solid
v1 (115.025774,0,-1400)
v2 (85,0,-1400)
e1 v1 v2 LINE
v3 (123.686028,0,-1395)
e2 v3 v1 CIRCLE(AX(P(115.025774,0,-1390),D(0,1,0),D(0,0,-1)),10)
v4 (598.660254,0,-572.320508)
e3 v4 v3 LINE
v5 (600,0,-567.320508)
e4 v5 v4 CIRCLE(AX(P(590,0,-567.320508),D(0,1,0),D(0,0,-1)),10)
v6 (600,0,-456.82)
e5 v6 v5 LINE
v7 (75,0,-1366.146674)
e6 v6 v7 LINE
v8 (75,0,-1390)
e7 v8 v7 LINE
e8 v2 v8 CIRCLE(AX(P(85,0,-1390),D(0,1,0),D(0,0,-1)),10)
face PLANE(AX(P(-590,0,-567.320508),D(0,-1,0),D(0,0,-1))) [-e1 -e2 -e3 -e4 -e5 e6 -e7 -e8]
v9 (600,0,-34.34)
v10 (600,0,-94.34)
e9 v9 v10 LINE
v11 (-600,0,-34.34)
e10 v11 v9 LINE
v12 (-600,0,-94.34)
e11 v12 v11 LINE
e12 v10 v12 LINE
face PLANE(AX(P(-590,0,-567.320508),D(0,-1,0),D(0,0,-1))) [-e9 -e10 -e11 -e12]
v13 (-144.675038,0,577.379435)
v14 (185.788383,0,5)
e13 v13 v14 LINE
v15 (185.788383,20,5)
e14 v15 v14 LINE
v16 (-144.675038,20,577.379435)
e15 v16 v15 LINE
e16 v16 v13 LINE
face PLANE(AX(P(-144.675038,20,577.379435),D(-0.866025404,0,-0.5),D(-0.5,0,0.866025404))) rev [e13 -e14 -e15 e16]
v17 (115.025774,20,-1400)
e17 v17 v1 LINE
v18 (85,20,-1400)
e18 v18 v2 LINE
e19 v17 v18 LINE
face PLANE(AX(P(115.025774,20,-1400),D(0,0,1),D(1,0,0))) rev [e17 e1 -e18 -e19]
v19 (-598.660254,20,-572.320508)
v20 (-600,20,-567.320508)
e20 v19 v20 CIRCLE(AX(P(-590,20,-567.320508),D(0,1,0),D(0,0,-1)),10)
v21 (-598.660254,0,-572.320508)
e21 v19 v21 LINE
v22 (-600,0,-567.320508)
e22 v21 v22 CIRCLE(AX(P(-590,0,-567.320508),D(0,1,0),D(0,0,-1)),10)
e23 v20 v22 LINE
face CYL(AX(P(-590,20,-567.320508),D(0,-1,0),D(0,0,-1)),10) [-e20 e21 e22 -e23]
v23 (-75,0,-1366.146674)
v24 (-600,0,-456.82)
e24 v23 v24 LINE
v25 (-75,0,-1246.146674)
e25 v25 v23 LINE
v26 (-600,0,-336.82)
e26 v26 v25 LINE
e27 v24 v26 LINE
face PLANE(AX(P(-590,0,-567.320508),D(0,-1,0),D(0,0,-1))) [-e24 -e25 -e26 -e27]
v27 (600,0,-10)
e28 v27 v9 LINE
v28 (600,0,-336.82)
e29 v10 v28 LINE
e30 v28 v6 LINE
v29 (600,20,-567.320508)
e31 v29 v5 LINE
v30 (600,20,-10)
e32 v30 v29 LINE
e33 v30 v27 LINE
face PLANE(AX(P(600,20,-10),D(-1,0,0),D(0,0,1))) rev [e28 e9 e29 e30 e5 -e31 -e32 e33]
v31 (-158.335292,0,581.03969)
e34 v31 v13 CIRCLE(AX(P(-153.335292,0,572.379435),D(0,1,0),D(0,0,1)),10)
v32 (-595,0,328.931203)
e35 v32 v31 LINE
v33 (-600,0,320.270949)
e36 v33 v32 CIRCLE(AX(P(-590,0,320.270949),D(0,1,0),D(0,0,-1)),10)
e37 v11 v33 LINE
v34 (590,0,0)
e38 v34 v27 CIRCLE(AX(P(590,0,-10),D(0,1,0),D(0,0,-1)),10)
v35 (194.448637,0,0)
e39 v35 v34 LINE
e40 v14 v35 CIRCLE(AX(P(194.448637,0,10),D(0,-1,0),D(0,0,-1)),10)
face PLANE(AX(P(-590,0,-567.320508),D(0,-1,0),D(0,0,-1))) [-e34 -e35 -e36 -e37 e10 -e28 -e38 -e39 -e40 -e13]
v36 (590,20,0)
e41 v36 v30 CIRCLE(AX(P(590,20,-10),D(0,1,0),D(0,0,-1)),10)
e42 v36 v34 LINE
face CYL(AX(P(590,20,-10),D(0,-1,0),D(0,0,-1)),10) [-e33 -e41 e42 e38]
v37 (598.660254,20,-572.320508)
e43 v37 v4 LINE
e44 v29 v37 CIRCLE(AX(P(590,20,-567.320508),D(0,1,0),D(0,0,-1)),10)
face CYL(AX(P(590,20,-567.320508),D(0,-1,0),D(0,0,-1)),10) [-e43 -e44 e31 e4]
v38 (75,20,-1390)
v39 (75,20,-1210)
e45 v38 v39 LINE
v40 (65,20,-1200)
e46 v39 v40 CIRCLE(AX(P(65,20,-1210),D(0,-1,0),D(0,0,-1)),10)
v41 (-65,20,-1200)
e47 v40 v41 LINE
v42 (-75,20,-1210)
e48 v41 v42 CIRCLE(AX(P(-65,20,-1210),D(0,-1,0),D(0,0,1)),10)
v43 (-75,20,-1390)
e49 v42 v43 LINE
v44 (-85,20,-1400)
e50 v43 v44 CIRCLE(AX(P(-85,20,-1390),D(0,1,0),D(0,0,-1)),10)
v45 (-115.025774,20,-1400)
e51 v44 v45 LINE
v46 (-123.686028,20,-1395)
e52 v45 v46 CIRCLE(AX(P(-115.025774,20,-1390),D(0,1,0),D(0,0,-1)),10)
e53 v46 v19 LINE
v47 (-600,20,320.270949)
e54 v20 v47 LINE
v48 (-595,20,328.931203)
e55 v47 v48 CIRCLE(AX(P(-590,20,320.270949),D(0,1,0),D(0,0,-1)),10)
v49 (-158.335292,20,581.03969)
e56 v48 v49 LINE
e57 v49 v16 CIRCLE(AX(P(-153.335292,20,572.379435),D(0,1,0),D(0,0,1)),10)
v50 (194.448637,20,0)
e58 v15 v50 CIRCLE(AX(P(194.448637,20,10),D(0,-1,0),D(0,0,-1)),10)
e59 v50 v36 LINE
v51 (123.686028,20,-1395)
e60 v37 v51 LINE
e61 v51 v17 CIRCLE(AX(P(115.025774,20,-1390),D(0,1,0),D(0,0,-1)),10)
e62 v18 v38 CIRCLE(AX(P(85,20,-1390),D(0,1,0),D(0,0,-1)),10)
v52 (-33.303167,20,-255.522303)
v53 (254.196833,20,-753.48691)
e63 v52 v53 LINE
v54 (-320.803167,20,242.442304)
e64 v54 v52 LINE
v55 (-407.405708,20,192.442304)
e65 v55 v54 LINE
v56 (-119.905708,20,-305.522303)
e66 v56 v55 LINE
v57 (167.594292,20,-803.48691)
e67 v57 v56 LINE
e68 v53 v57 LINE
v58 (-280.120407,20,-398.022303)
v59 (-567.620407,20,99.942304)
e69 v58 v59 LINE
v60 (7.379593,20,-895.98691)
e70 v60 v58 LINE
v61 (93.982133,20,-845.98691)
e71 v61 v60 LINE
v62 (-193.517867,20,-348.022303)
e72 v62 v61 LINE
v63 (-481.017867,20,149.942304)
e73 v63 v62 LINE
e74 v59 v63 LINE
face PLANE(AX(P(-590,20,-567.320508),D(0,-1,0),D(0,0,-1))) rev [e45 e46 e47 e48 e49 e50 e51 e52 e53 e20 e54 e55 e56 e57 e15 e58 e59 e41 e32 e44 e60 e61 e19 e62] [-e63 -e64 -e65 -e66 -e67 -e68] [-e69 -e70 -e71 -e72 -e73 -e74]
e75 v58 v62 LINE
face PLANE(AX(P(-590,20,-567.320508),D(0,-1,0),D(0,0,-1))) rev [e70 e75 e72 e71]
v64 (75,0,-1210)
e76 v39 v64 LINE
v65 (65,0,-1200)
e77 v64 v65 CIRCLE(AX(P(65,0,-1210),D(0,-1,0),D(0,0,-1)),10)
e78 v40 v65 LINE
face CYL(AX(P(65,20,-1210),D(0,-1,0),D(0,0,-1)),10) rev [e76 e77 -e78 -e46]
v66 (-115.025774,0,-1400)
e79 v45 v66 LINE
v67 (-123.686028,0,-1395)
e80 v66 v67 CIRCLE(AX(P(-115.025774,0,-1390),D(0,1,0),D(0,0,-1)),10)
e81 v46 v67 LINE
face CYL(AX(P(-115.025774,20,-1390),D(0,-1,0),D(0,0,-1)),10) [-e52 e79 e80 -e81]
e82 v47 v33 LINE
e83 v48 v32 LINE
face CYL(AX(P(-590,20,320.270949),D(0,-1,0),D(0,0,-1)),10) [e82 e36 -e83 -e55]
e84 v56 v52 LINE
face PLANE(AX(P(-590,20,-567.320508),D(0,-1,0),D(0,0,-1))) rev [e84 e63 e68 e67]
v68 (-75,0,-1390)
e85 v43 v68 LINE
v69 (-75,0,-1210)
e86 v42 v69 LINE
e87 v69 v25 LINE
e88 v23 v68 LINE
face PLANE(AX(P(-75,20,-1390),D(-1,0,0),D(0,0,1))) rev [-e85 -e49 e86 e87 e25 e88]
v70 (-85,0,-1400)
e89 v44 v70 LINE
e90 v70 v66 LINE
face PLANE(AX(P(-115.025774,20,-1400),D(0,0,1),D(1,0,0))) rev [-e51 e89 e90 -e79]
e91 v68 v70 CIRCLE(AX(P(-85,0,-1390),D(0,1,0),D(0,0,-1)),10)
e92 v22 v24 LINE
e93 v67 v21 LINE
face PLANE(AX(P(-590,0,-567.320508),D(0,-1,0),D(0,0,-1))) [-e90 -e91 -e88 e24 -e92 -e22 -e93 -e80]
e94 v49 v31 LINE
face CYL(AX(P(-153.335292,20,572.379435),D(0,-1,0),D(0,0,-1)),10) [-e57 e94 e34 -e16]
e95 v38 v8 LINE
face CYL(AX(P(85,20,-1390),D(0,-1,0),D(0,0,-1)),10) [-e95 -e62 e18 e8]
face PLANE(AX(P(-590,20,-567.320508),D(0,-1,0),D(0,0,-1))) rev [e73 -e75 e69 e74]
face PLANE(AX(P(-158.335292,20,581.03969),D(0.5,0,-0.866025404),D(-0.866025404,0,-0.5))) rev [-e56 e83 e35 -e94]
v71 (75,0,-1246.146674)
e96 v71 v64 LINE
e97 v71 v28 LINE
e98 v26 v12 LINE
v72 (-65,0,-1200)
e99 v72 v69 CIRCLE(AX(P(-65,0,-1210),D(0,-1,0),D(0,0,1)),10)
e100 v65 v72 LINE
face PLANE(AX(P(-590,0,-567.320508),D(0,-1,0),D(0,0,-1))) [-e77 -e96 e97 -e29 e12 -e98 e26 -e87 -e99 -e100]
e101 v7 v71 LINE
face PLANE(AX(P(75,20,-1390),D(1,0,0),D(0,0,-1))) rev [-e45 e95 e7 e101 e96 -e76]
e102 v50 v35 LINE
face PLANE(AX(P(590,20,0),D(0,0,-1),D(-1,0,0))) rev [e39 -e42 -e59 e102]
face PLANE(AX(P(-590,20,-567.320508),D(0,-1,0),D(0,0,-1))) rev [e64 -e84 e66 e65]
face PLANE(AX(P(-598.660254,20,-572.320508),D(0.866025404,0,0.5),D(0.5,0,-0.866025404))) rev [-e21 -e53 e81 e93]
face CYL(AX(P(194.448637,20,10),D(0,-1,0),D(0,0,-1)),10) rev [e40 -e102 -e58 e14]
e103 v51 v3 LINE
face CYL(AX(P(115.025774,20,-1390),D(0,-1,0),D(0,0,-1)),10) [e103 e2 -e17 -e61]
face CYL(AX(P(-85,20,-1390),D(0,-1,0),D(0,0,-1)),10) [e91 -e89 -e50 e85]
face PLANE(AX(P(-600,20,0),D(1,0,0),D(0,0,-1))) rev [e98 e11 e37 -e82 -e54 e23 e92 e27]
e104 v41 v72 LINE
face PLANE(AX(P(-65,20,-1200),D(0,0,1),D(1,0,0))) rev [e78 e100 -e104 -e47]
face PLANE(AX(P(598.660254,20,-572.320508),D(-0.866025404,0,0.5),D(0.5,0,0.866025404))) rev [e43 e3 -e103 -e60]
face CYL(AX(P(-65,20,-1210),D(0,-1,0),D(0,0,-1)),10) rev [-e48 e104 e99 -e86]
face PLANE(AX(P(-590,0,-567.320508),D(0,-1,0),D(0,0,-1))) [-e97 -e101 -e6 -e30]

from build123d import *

# Parameters (mm, degrees)
BOSS_EXTRUDE2_DEPTH = 20


with BuildPart() as part:
    # Sketch1 → Boss-Extrude2 (new body)
    with BuildSketch(Plane(origin=(0, 0, 0), x_dir=(1, 0, 0), z_dir=(0, 1, 0))):
        with BuildLine():
            Line((590, 0), (194.448637287, 0))
            ThreePointArc((194.448637287, 0), (189.448637287, -1.339745962), (185.788383249, -5))
            Line((185.788383249, -5), (-144.675037911, -577.379435493))
            ThreePointArc((-144.675037911, -577.379435493), (-150.747101498, -582.038693755), (-158.335291949, -581.03968953))
            Line((-158.335291949, -581.03968953), (-595, -328.931202792))
            ThreePointArc((-595, -328.931202792), (-598.660254038, -325.270948754), (-600, -320.270948754))
            Line((-600, -320.270948754), (-600, 0))
            Line((-600, 0), (-600, 567.320508076))
            ThreePointArc((-600, 567.320508076), (-599.659258263, 569.908698527), (-598.660254038, 572.320508076))
            Line((-598.660254038, 572.320508076), (-123.686027919, 1395))
            ThreePointArc((-123.686027919, 1395), (-120.025773881, 1398.660254038), (-115.025773881, 1400))
            Line((-115.025773881, 1400), (-85, 1400))
            ThreePointArc((-85, 1400), (-77.928932188, 1397.071067812), (-75, 1390))
            Line((-75, 1390), (-75, 1210))
            ThreePointArc((-75, 1210), (-72.071067812, 1202.928932188), (-65, 1200))
            Line((-65, 1200), (65, 1200))
            ThreePointArc((65, 1200), (72.071067812, 1202.928932188), (75, 1210))
            Line((75, 1210), (75, 1390))
            ThreePointArc((75, 1390), (77.928932188, 1397.071067812), (85, 1400))
            Line((85, 1400), (115.025773881, 1400))
            ThreePointArc((115.025773881, 1400), (120.025773881, 1398.660254038), (123.686027919, 1395))
            Line((123.686027919, 1395), (598.660254038, 572.320508076))
            ThreePointArc((598.660254038, 572.320508076), (599.659258263, 569.908698527), (600, 567.320508076))
            Line((600, 567.320508076), (600, 10))
            ThreePointArc((600, 10), (597.071067812, 2.928932188), (590, 0))
        make_face()
    extrude(amount=BOSS_EXTRUDE2_DEPTH)


solid = part.part
